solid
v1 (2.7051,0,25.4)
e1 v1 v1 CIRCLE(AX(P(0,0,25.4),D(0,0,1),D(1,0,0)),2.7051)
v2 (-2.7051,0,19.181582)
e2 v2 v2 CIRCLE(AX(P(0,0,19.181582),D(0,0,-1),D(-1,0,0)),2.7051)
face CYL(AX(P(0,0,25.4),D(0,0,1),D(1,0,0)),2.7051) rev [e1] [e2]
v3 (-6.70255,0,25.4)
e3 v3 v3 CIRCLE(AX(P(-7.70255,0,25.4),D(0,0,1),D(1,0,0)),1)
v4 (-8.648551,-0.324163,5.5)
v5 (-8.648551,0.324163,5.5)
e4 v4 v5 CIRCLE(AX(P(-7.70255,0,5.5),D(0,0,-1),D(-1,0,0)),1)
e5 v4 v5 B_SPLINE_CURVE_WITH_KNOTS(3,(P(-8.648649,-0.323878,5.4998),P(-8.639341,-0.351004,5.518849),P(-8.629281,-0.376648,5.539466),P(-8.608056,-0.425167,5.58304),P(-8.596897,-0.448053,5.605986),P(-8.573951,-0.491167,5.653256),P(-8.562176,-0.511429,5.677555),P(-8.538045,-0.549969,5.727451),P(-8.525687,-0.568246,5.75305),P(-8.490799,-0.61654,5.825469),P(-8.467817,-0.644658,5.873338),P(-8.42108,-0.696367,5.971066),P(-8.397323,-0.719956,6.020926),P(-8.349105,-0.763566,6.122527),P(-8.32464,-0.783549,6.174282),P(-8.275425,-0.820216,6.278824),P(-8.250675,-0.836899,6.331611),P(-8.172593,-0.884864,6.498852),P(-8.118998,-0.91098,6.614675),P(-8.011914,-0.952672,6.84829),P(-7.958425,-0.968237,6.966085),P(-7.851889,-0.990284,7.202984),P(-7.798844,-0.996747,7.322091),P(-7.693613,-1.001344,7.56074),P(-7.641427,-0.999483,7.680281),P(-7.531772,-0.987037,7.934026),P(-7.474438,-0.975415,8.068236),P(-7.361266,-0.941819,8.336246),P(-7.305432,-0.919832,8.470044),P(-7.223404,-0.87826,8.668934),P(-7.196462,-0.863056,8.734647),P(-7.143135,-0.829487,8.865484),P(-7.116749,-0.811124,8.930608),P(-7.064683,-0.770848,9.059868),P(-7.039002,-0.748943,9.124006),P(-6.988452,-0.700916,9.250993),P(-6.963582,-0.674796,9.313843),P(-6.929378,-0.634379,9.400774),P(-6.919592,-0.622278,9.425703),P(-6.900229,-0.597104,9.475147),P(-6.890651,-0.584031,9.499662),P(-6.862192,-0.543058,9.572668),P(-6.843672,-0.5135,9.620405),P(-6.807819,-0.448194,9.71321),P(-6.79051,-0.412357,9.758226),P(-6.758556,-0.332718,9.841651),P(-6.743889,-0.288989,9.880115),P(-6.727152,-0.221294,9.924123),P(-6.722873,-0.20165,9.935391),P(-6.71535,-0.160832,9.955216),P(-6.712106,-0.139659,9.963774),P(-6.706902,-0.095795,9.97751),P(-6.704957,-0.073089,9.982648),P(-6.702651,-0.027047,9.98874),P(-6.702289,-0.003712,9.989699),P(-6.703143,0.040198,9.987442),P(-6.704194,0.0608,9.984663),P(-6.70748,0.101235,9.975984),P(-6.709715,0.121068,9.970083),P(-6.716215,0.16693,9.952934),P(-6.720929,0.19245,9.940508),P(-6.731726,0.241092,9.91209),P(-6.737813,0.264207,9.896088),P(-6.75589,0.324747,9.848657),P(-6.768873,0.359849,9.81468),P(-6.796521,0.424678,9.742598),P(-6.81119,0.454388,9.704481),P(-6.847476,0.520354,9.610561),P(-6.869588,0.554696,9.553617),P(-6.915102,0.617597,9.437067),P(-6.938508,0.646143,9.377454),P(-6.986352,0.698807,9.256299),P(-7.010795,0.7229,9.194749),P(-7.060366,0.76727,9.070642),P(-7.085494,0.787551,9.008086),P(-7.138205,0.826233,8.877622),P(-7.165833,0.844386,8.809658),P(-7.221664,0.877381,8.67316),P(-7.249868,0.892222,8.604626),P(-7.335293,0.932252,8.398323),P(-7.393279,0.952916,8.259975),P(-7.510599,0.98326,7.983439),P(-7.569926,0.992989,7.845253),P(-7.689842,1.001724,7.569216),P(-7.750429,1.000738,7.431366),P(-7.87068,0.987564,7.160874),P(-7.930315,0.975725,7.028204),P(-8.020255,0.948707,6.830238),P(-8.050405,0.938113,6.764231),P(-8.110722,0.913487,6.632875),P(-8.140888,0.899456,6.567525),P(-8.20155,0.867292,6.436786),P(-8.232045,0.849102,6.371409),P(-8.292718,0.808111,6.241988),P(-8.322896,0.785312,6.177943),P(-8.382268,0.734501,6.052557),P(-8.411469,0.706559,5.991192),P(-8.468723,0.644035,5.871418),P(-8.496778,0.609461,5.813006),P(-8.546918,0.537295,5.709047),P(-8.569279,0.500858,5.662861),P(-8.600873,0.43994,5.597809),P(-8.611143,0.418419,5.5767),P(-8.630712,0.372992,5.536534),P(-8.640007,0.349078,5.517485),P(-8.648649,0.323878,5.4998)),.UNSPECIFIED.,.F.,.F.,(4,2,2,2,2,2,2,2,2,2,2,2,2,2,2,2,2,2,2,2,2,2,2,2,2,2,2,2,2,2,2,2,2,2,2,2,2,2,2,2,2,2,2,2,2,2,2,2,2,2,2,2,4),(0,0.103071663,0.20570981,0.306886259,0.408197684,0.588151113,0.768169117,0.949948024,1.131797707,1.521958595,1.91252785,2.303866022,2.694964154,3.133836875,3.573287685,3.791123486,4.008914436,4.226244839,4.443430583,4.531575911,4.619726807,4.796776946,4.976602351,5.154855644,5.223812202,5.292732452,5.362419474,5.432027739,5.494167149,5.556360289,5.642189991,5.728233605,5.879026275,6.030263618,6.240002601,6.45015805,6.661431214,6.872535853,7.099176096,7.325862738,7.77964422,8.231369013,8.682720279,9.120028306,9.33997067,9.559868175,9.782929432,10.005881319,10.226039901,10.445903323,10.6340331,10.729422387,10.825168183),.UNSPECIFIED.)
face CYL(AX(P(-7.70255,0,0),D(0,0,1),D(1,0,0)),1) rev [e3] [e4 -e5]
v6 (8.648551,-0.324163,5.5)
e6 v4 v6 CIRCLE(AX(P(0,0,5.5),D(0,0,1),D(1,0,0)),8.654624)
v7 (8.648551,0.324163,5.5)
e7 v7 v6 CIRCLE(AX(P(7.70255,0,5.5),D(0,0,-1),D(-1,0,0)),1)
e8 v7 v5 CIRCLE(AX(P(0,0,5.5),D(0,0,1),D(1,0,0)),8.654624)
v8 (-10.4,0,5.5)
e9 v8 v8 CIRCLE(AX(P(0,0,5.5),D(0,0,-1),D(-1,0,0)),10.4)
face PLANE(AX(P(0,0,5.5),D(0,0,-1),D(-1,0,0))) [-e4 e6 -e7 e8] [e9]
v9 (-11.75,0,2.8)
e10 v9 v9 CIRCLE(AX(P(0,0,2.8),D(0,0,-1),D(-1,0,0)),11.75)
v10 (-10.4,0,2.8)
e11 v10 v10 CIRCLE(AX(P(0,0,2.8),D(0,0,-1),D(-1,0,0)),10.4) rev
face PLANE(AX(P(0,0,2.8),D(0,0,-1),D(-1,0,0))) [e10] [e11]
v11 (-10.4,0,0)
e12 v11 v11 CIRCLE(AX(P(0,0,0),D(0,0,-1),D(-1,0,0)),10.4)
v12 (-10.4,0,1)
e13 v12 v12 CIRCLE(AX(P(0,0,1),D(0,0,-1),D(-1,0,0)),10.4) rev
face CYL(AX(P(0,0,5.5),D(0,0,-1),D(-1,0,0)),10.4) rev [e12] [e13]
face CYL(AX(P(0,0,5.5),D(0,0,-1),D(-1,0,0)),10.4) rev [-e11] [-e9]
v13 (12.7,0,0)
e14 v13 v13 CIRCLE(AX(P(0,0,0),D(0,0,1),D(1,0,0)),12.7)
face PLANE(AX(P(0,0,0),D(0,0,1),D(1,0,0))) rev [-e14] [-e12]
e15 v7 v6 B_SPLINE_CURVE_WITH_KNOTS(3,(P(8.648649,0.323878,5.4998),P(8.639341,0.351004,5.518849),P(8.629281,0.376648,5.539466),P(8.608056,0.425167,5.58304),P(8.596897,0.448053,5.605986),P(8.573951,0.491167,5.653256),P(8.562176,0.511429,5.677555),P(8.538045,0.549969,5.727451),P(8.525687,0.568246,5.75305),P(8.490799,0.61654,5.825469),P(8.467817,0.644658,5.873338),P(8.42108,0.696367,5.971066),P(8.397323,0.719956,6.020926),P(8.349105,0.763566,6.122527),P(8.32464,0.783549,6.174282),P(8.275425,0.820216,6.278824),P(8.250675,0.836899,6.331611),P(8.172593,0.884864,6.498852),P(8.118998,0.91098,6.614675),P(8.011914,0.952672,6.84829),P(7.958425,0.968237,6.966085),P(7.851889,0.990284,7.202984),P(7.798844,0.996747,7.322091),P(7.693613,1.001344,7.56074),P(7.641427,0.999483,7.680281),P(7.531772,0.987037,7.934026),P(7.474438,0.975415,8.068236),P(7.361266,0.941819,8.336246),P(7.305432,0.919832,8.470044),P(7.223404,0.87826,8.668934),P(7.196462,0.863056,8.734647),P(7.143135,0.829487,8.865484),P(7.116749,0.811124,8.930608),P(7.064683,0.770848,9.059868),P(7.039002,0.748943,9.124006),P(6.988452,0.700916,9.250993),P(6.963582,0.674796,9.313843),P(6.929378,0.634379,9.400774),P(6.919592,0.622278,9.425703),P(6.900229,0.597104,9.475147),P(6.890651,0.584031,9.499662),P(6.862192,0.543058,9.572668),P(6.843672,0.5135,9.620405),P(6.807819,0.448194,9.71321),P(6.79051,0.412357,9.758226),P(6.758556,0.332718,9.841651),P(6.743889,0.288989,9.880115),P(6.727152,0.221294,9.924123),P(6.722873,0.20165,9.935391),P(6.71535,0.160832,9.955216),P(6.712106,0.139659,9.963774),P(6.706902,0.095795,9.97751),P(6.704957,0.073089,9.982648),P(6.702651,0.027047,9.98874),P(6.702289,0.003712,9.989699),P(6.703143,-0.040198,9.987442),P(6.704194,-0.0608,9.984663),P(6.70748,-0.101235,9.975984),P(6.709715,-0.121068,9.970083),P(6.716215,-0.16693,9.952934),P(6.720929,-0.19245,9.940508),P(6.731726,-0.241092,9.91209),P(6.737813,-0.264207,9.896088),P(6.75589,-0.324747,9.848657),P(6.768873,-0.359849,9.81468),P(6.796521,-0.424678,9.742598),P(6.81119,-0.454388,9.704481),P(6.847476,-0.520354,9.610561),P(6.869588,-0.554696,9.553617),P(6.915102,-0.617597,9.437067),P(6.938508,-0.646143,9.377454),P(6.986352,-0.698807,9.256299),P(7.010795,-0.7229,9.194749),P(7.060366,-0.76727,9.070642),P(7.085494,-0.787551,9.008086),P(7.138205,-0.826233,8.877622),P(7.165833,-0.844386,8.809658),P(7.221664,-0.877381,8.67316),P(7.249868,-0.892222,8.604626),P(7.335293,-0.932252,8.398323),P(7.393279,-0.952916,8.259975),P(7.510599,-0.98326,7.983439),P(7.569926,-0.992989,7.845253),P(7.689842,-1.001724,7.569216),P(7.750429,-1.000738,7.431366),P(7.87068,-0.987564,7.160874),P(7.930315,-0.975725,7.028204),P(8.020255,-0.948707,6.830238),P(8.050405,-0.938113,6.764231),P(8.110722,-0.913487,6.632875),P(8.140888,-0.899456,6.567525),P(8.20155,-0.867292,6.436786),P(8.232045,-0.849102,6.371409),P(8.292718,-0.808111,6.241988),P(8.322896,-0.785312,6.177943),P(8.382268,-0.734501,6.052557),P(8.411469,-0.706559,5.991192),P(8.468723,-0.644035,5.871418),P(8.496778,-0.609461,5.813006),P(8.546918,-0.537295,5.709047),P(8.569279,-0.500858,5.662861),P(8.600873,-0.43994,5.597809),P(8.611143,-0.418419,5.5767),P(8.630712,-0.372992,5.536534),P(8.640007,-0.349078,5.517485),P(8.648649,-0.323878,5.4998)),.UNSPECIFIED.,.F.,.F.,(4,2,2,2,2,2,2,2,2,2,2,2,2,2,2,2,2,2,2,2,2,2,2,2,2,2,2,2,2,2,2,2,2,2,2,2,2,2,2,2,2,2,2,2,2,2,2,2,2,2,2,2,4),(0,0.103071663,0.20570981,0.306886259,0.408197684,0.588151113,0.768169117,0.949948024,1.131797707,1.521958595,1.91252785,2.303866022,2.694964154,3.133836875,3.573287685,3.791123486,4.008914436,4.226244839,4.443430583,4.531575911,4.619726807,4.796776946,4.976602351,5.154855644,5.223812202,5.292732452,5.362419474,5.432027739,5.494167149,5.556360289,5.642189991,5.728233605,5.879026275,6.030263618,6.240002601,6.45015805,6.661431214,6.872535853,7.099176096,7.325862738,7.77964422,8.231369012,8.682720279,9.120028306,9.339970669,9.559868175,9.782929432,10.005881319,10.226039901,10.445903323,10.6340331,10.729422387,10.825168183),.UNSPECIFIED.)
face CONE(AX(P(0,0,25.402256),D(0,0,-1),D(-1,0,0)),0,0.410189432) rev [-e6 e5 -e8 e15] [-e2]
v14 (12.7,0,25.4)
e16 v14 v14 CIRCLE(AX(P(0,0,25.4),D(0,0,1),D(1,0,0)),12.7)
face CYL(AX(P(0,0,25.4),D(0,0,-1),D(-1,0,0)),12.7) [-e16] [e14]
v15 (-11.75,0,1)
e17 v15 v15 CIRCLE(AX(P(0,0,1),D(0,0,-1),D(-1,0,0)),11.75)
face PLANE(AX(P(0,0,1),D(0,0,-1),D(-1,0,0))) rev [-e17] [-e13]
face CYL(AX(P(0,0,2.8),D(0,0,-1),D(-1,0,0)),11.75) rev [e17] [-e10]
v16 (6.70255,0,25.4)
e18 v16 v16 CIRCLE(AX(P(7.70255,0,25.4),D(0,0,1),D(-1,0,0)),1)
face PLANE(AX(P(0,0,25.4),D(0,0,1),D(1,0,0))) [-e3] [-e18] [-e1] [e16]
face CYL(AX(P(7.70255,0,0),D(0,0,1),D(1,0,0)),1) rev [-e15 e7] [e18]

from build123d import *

# Parameters (mm, degrees)
SKETCH1_R               = 12.7
BOSS_EXTRUDE1_DEPTH     = 25.4
SKETCH2_R               = 10.4
CUT_EXTRUDE1_DEPTH      = 5.5
CUT_EXTRUDE2_START      = -1
SKETCH3_R               = 11.75
CUT_EXTRUDE2_DEPTH      = 1.8
F_1_4_28_TAPPED_HOLE1_D = 5.4102
SKETCH11_R              = 1
CUT_EXTRUDE3_DEPTH      = 26.4


with BuildPart() as part:
    # Sketch1 → Boss-Extrude1 (new body)
    with BuildSketch(Plane.XY):
        Circle(SKETCH1_R)
    extrude(amount=BOSS_EXTRUDE1_DEPTH)

    # Sketch2 → Cut-Extrude1 (cut)
    with BuildSketch(Plane(origin=(0, 0, 0), x_dir=(-1, 0, 0), z_dir=(0, 0, -1))):
        Circle(SKETCH2_R)
    extrude(amount=-CUT_EXTRUDE1_DEPTH, mode=Mode.SUBTRACT)

    # Sketch3 → Cut-Extrude2 (cut)
    with BuildSketch(Plane(origin=(0, 0, 0), x_dir=(-1, 0, 0), z_dir=(0, 0, -1)).offset(CUT_EXTRUDE2_START)):
        Circle(SKETCH3_R)
    extrude(amount=-CUT_EXTRUDE2_DEPTH, mode=Mode.SUBTRACT)

    # 1/4-28 Tapped Hole1 (through all)
    with Locations(Plane.XY.offset(25.4)):
        with Locations((0, 0)):
            Hole(F_1_4_28_TAPPED_HOLE1_D / 2)

    # Sketch10 → Cut-Revolve1 (revolve, cut)
    with BuildSketch(Plane(origin=(0, 0, 0), x_dir=(1, 0, 0), z_dir=(0, 1, 0))):
        Polygon((0, -25.402256059), (8.654624222, -5.5), (0, -5.5), align=None)
    revolve(axis=Axis((0, 0, 29.736025406), (0, 0, -1)), mode=Mode.SUBTRACT)

    # Sketch11 → Cut-Extrude3 (cut, through all)
    with BuildSketch(Plane.XY.offset(25.4)):
        with Locations((-7.70255, 0)):
            Circle(SKETCH11_R)
        with Locations((7.70255, 0)):
            Circle(SKETCH11_R)
    extrude(amount=-CUT_EXTRUDE3_DEPTH, mode=Mode.SUBTRACT)


solid = part.part
